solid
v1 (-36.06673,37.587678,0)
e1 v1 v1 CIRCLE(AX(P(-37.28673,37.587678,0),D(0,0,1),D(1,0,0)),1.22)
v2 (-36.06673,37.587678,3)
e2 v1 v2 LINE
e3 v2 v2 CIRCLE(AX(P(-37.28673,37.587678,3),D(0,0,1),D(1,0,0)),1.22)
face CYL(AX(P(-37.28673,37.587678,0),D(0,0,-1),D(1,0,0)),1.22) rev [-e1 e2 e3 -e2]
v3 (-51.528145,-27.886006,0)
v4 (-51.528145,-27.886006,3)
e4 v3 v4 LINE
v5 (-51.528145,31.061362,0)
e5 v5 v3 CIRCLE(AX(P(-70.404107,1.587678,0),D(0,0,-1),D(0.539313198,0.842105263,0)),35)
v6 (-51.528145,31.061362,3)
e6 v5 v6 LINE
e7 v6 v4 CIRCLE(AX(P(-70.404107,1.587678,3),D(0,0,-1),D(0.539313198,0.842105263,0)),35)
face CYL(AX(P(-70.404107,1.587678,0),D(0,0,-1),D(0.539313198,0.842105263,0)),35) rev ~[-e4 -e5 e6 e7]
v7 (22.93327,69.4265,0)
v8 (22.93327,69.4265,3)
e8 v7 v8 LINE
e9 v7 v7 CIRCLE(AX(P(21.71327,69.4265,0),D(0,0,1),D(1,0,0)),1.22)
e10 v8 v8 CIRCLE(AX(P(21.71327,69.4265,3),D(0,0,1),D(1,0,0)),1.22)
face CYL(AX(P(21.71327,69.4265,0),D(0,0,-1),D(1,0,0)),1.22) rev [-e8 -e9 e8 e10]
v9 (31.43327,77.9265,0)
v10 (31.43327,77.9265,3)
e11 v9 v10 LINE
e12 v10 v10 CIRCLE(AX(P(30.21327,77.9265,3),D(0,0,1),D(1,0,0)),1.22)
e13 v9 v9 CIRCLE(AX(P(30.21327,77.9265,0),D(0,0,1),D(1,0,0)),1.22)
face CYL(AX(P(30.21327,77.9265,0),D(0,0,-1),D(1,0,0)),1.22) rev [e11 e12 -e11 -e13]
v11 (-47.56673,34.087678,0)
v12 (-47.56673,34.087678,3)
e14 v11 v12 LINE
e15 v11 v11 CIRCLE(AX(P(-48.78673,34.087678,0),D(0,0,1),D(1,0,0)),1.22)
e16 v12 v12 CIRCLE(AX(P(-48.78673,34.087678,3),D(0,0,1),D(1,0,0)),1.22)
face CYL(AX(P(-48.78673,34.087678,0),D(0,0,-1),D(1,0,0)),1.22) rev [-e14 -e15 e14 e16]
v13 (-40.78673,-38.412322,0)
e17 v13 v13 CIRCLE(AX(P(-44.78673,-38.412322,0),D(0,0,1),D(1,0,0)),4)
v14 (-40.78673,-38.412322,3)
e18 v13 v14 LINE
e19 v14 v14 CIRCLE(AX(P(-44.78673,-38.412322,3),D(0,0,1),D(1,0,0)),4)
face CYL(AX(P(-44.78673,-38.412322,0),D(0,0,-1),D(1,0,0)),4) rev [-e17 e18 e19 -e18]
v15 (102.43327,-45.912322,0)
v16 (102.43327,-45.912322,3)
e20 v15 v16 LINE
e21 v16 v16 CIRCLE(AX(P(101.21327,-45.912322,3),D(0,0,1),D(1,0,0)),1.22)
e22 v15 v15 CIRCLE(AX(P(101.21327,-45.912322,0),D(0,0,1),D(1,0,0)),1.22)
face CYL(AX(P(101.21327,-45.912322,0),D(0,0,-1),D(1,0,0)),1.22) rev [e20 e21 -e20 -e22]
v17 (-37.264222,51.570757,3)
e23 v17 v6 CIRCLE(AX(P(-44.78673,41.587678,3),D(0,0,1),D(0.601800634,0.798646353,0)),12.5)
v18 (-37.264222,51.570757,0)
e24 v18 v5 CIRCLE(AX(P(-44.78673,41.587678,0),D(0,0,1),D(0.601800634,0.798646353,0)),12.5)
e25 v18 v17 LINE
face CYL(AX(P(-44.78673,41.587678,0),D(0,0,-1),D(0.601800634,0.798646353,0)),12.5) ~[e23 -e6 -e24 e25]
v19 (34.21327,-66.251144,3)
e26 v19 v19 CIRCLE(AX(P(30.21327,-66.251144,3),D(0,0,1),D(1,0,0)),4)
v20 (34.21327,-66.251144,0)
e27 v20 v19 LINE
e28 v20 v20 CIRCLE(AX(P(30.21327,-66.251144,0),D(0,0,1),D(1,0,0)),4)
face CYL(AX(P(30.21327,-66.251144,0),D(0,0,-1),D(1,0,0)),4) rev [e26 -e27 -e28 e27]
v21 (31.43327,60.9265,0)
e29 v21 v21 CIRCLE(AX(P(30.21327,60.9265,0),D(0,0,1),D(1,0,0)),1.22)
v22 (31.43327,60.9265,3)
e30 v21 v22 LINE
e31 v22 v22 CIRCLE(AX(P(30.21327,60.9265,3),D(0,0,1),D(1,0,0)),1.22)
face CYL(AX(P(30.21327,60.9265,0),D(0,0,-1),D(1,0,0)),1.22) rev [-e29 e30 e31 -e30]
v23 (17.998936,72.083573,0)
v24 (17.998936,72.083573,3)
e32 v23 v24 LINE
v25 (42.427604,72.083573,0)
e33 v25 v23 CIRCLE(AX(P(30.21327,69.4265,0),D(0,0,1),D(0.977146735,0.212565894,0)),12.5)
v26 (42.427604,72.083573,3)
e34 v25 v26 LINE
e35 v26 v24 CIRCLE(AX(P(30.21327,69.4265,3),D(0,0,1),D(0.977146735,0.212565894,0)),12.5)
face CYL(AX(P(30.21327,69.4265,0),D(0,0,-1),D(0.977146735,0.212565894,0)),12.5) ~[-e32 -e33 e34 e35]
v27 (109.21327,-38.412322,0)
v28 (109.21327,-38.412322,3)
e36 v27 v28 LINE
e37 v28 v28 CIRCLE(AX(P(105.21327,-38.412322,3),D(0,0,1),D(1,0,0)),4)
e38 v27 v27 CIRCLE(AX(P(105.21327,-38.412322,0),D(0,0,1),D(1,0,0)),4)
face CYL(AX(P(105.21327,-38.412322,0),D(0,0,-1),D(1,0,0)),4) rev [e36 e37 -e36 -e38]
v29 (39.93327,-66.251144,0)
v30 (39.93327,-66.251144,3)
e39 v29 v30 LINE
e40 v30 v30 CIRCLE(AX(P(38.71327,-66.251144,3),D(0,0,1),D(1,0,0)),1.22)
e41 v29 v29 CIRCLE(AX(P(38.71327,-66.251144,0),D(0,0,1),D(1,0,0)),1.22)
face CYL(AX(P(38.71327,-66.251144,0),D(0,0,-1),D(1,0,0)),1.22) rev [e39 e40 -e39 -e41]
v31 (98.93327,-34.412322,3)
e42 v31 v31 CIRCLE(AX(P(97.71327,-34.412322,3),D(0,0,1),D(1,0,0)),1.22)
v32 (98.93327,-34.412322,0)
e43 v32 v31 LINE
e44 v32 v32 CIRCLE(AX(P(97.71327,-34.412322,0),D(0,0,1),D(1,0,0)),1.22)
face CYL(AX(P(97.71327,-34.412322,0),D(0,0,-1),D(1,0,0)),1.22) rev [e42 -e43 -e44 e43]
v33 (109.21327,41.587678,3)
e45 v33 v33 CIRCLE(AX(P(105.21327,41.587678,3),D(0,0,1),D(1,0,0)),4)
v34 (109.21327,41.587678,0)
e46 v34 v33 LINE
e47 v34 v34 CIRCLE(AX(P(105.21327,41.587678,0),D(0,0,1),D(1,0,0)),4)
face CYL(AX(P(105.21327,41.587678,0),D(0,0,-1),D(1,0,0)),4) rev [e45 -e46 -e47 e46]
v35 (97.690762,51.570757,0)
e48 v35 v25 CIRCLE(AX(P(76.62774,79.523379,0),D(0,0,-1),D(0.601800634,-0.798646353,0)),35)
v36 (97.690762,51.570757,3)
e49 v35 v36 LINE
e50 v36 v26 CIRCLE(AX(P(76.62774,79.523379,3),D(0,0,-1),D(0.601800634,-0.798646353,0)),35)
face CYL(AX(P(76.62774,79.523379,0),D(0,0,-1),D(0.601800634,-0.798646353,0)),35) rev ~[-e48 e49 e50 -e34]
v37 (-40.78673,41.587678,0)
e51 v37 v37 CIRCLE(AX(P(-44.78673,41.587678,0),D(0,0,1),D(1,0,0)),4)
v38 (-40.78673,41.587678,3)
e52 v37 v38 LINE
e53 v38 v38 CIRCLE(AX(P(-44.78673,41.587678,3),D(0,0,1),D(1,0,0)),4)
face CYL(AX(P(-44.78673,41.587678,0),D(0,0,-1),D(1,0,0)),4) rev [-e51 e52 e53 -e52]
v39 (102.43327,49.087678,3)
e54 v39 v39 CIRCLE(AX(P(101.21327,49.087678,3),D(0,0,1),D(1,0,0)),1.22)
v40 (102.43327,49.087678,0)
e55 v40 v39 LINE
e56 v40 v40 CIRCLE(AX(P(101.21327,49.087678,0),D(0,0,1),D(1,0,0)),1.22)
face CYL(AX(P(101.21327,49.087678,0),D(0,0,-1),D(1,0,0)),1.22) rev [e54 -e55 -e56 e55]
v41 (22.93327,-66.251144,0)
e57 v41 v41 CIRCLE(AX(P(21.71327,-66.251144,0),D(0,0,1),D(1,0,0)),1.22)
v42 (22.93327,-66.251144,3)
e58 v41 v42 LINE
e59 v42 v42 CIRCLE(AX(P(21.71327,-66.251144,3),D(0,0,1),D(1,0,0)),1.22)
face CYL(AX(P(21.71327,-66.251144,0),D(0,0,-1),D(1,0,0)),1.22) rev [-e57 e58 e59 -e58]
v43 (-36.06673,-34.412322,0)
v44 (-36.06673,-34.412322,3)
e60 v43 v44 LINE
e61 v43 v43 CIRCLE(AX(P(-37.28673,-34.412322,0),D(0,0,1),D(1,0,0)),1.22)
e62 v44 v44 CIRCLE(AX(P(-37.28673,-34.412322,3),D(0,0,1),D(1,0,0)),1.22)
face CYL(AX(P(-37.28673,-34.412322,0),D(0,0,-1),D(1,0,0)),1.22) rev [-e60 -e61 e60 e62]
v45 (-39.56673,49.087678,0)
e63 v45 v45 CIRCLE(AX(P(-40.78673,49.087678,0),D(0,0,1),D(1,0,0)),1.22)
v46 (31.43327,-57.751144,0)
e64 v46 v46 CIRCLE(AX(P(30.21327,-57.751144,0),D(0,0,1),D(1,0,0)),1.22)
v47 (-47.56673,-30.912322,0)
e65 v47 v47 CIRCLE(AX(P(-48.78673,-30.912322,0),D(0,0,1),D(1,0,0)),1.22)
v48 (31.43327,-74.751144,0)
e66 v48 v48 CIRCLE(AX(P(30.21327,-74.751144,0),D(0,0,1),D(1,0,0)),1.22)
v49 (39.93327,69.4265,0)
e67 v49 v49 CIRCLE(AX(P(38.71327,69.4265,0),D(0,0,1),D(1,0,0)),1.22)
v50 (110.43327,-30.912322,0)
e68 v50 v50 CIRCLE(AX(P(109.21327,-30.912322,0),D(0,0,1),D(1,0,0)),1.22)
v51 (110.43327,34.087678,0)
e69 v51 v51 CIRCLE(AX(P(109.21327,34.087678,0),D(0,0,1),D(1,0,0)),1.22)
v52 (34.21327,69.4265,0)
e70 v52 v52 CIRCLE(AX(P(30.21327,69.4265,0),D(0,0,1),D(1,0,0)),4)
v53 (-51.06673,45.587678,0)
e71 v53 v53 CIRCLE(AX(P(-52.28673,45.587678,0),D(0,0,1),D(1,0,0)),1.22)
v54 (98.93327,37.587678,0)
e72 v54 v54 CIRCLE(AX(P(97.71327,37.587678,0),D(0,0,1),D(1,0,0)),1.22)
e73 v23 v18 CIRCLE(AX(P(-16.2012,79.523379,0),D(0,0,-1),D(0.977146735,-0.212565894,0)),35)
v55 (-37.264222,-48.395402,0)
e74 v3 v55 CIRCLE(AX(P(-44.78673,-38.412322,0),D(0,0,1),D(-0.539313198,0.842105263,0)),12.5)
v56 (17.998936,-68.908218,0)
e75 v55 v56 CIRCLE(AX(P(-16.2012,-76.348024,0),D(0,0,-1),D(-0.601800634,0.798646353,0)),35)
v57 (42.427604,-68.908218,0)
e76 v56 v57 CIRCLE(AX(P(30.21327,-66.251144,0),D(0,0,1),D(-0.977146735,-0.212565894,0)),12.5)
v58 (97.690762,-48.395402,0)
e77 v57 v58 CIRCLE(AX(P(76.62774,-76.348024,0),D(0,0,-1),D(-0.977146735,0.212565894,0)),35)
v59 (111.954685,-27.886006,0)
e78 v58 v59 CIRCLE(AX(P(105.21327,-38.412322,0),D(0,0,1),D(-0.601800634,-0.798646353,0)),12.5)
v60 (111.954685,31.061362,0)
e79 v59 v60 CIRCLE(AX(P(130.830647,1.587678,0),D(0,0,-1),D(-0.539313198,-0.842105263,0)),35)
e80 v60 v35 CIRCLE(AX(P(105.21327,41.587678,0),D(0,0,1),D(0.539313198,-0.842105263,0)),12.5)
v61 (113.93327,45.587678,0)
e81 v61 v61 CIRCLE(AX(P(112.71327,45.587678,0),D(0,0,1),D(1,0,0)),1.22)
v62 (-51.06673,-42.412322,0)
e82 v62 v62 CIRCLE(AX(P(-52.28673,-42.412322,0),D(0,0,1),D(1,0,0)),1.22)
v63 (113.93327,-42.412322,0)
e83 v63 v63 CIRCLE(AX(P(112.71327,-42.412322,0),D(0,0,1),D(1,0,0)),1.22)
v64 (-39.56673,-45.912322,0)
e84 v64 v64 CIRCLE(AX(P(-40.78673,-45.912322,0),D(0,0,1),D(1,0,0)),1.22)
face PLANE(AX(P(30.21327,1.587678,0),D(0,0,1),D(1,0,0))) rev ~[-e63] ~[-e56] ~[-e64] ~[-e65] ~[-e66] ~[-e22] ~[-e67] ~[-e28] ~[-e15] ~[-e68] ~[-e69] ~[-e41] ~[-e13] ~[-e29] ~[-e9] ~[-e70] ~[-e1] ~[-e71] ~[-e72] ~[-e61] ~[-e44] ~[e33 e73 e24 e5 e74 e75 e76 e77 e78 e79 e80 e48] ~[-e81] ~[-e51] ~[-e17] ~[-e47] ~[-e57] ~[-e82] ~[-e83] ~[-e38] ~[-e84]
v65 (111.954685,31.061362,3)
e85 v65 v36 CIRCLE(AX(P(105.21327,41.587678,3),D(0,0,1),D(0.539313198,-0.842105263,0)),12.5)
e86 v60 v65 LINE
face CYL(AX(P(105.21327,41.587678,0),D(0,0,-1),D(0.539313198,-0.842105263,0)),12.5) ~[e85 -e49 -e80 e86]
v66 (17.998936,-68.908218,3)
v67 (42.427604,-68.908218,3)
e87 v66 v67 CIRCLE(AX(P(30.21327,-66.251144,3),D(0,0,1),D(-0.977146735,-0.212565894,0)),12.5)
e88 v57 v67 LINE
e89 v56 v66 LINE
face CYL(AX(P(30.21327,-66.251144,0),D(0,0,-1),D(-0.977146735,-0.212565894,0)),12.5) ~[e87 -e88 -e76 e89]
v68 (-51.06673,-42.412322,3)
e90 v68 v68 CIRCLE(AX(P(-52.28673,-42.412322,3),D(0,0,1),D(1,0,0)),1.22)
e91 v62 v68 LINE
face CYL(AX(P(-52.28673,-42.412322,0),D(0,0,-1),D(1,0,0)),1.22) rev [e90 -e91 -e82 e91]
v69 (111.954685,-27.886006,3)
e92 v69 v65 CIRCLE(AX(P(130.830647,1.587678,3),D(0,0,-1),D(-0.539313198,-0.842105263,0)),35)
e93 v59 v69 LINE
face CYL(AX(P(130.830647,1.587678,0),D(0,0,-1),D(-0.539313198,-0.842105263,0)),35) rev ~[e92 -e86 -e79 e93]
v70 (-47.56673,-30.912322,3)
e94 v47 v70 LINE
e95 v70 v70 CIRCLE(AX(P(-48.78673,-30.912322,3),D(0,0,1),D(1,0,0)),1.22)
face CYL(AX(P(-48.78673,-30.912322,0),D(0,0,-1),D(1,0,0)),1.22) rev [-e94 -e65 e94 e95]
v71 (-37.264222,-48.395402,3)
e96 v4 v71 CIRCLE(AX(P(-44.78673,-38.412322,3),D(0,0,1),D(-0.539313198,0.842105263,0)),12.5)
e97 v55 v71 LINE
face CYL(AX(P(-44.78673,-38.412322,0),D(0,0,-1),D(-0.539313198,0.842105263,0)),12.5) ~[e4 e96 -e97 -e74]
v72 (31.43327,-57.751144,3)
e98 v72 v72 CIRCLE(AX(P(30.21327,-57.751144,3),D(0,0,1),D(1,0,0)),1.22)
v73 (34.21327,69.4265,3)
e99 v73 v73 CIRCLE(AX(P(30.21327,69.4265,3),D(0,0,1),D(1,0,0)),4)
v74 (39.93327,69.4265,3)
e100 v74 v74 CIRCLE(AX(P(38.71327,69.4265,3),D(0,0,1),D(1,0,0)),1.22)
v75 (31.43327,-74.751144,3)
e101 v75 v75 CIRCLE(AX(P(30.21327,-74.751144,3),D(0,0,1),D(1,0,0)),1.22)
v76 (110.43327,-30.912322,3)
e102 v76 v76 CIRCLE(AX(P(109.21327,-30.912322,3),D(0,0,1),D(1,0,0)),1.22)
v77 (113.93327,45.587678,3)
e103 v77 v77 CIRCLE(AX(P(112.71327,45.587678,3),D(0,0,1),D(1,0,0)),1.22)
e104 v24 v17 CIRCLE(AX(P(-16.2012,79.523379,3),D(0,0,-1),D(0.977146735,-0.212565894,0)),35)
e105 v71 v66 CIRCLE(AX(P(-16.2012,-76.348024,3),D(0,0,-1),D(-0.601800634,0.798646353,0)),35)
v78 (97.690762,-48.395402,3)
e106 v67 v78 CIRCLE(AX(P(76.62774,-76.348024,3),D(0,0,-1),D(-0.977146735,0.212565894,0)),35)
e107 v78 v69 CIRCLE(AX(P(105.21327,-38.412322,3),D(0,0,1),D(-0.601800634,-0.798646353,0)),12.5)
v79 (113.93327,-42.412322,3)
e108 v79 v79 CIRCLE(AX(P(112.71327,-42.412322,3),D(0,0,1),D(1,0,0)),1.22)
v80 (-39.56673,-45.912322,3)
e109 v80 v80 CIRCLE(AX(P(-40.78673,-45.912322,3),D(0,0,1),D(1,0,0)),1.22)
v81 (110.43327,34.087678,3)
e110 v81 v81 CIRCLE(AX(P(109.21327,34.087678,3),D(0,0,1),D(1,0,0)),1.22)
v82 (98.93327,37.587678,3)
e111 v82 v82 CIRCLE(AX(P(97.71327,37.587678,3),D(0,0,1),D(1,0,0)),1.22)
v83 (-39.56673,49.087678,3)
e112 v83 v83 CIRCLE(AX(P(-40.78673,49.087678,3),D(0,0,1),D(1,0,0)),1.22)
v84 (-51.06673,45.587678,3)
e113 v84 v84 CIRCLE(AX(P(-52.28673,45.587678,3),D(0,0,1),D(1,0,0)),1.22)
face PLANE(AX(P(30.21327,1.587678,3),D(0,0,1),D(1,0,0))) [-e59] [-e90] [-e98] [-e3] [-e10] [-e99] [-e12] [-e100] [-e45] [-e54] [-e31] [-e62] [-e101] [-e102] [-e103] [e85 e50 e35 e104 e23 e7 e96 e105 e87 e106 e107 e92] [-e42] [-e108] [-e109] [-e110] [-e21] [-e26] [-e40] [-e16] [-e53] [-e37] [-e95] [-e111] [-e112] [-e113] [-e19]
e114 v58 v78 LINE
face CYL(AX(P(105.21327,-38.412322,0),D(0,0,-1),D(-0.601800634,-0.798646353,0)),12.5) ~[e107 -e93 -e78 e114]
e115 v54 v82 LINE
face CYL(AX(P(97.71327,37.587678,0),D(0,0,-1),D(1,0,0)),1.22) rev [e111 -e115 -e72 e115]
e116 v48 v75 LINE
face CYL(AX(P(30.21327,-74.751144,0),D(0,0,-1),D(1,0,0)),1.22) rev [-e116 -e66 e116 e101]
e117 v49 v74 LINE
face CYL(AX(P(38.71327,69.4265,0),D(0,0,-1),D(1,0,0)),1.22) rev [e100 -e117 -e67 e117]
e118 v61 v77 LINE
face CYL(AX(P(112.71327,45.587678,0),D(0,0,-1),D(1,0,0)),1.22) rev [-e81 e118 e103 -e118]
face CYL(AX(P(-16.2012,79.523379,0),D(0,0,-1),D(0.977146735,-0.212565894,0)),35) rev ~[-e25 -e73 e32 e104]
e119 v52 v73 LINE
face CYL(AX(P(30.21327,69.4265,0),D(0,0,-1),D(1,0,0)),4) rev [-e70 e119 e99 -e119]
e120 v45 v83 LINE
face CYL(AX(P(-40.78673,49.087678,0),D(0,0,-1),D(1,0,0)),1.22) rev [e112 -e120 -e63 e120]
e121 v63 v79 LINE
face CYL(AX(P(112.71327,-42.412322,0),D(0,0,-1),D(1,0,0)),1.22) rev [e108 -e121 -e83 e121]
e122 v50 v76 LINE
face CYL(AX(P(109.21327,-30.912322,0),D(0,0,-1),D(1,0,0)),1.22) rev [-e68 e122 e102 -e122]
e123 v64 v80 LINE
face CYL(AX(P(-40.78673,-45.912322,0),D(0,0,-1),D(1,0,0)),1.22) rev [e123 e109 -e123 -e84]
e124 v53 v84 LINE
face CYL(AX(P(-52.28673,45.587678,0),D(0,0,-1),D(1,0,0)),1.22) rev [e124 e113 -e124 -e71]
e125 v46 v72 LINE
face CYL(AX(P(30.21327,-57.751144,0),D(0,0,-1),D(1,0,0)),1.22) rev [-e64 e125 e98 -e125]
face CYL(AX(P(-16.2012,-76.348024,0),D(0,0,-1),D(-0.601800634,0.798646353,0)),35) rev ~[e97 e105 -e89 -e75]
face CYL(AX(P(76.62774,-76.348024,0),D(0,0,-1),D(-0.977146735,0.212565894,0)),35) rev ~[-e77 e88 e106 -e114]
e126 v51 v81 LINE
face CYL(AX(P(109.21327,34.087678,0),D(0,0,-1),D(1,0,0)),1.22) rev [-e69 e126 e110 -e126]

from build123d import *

# Parameters (mm, degrees)
SKETCH2_R           = 4
SKETCH2_R_2         = 1.22
BOSS_EXTRUDE2_DEPTH = 3


with BuildPart() as part:
    # Sketch2 → Boss-Extrude2 (new body)
    with BuildSketch(Plane.XY):
        with BuildLine():
            ThreePointArc((-37.264221934, 51.570757137), (-55.048861675, 48.724809542), (-51.528144835, 31.061361936))
            ThreePointArc((-51.528144835, 31.061361936), (-35.404106773, 1.587677725), (-51.528144835, -27.886006485))
            ThreePointArc((-51.528144835, -27.886006485), (-55.048861675, -45.549454092), (-37.264221934, -48.395401687))
            ThreePointArc((-37.264221934, -48.395401687), (-4.021715205, -43.53552404), (17.99893596, -68.90821776))
            ThreePointArc((17.99893596, -68.90821776), (30.213270142, -78.751144089), (42.427604324, -68.90821776))
            ThreePointArc((42.427604324, -68.90821776), (64.448255489, -43.53552404), (97.690762219, -48.395401687))
            ThreePointArc((97.690762219, -48.395401687), (115.475401959, -45.549454092), (111.95468512, -27.886006485))
            ThreePointArc((111.95468512, -27.886006485), (95.830647057, 1.587677725), (111.95468512, 31.061361936))
            ThreePointArc((111.95468512, 31.061361936), (115.475401959, 48.724809542), (97.690762219, 51.570757137))
            ThreePointArc((97.690762219, 51.570757137), (64.448255489, 46.71087949), (42.427604324, 72.08357321))
            ThreePointArc((42.427604324, 72.08357321), (30.213270142, 81.926499539), (17.99893596, 72.08357321))
            ThreePointArc((17.99893596, 72.08357321), (-4.021715205, 46.71087949), (-37.264221934, 51.570757137))
        make_face()
        with Locations((-44.786729858, 41.587677725)):
            Circle(SKETCH2_R, mode=Mode.SUBTRACT)
        with Locations((30.213270142, 69.426499539)):
            Circle(SKETCH2_R, mode=Mode.SUBTRACT)
        with Locations((105.213270142, 41.587677725)):
            Circle(SKETCH2_R, mode=Mode.SUBTRACT)
        with Locations((105.213270142, -38.412322275)):
            Circle(SKETCH2_R, mode=Mode.SUBTRACT)
        with Locations((30.213270142, -66.251144089)):
            Circle(SKETCH2_R, mode=Mode.SUBTRACT)
        with Locations((-44.786729858, -38.412322275)):
            Circle(SKETCH2_R, mode=Mode.SUBTRACT)
        with Locations((30.213270142, 77.926499539)):
            Circle(SKETCH2_R_2, mode=Mode.SUBTRACT)
        with Locations((21.713270142, 69.426499539)):
            Circle(SKETCH2_R_2, mode=Mode.SUBTRACT)
        with Locations((30.213270142, 60.926499539)):
            Circle(SKETCH2_R_2, mode=Mode.SUBTRACT)
        with Locations((38.713270142, 69.426499539)):
            Circle(SKETCH2_R_2, mode=Mode.SUBTRACT)
        with Locations((-40.786729858, 49.087677725)):
            Circle(SKETCH2_R_2, mode=Mode.SUBTRACT)
        with Locations((-37.286729858, 37.587677725)):
            Circle(SKETCH2_R_2, mode=Mode.SUBTRACT)
        with Locations((-48.786729858, 34.087677725)):
            Circle(SKETCH2_R_2, mode=Mode.SUBTRACT)
        with Locations((-52.286729858, 45.587677725)):
            Circle(SKETCH2_R_2, mode=Mode.SUBTRACT)
        with Locations((-37.286729858, -34.412322275)):
            Circle(SKETCH2_R_2, mode=Mode.SUBTRACT)
        with Locations((-48.786729858, -30.912322275)):
            Circle(SKETCH2_R_2, mode=Mode.SUBTRACT)
        with Locations((-40.786729858, -45.912322275)):
            Circle(SKETCH2_R_2, mode=Mode.SUBTRACT)
        with Locations((-52.286729858, -42.412322275)):
            Circle(SKETCH2_R_2, mode=Mode.SUBTRACT)
        with Locations((112.713270142, -42.412322275)):
            Circle(SKETCH2_R_2, mode=Mode.SUBTRACT)
        with Locations((101.213270142, -45.912322275)):
            Circle(SKETCH2_R_2, mode=Mode.SUBTRACT)
        with Locations((97.713270142, -34.412322275)):
            Circle(SKETCH2_R_2, mode=Mode.SUBTRACT)
        with Locations((109.213270142, -30.912322275)):
            Circle(SKETCH2_R_2, mode=Mode.SUBTRACT)
        with Locations((97.713270142, 37.587677725)):
            Circle(SKETCH2_R_2, mode=Mode.SUBTRACT)
        with Locations((109.213270142, 34.087677725)):
            Circle(SKETCH2_R_2, mode=Mode.SUBTRACT)
        with Locations((101.213270142, 49.087677725)):
            Circle(SKETCH2_R_2, mode=Mode.SUBTRACT)
        with Locations((112.713270142, 45.587677725)):
            Circle(SKETCH2_R_2, mode=Mode.SUBTRACT)
        with Locations((30.213270142, -57.751144089)):
            Circle(SKETCH2_R_2, mode=Mode.SUBTRACT)
        with Locations((38.713270142, -66.251144089)):
            Circle(SKETCH2_R_2, mode=Mode.SUBTRACT)
        with Locations((21.713270142, -66.251144089)):
            Circle(SKETCH2_R_2, mode=Mode.SUBTRACT)
        with Locations((30.213270142, -74.751144089)):
            Circle(SKETCH2_R_2, mode=Mode.SUBTRACT)
    extrude(amount=BOSS_EXTRUDE2_DEPTH)


solid = part.part
